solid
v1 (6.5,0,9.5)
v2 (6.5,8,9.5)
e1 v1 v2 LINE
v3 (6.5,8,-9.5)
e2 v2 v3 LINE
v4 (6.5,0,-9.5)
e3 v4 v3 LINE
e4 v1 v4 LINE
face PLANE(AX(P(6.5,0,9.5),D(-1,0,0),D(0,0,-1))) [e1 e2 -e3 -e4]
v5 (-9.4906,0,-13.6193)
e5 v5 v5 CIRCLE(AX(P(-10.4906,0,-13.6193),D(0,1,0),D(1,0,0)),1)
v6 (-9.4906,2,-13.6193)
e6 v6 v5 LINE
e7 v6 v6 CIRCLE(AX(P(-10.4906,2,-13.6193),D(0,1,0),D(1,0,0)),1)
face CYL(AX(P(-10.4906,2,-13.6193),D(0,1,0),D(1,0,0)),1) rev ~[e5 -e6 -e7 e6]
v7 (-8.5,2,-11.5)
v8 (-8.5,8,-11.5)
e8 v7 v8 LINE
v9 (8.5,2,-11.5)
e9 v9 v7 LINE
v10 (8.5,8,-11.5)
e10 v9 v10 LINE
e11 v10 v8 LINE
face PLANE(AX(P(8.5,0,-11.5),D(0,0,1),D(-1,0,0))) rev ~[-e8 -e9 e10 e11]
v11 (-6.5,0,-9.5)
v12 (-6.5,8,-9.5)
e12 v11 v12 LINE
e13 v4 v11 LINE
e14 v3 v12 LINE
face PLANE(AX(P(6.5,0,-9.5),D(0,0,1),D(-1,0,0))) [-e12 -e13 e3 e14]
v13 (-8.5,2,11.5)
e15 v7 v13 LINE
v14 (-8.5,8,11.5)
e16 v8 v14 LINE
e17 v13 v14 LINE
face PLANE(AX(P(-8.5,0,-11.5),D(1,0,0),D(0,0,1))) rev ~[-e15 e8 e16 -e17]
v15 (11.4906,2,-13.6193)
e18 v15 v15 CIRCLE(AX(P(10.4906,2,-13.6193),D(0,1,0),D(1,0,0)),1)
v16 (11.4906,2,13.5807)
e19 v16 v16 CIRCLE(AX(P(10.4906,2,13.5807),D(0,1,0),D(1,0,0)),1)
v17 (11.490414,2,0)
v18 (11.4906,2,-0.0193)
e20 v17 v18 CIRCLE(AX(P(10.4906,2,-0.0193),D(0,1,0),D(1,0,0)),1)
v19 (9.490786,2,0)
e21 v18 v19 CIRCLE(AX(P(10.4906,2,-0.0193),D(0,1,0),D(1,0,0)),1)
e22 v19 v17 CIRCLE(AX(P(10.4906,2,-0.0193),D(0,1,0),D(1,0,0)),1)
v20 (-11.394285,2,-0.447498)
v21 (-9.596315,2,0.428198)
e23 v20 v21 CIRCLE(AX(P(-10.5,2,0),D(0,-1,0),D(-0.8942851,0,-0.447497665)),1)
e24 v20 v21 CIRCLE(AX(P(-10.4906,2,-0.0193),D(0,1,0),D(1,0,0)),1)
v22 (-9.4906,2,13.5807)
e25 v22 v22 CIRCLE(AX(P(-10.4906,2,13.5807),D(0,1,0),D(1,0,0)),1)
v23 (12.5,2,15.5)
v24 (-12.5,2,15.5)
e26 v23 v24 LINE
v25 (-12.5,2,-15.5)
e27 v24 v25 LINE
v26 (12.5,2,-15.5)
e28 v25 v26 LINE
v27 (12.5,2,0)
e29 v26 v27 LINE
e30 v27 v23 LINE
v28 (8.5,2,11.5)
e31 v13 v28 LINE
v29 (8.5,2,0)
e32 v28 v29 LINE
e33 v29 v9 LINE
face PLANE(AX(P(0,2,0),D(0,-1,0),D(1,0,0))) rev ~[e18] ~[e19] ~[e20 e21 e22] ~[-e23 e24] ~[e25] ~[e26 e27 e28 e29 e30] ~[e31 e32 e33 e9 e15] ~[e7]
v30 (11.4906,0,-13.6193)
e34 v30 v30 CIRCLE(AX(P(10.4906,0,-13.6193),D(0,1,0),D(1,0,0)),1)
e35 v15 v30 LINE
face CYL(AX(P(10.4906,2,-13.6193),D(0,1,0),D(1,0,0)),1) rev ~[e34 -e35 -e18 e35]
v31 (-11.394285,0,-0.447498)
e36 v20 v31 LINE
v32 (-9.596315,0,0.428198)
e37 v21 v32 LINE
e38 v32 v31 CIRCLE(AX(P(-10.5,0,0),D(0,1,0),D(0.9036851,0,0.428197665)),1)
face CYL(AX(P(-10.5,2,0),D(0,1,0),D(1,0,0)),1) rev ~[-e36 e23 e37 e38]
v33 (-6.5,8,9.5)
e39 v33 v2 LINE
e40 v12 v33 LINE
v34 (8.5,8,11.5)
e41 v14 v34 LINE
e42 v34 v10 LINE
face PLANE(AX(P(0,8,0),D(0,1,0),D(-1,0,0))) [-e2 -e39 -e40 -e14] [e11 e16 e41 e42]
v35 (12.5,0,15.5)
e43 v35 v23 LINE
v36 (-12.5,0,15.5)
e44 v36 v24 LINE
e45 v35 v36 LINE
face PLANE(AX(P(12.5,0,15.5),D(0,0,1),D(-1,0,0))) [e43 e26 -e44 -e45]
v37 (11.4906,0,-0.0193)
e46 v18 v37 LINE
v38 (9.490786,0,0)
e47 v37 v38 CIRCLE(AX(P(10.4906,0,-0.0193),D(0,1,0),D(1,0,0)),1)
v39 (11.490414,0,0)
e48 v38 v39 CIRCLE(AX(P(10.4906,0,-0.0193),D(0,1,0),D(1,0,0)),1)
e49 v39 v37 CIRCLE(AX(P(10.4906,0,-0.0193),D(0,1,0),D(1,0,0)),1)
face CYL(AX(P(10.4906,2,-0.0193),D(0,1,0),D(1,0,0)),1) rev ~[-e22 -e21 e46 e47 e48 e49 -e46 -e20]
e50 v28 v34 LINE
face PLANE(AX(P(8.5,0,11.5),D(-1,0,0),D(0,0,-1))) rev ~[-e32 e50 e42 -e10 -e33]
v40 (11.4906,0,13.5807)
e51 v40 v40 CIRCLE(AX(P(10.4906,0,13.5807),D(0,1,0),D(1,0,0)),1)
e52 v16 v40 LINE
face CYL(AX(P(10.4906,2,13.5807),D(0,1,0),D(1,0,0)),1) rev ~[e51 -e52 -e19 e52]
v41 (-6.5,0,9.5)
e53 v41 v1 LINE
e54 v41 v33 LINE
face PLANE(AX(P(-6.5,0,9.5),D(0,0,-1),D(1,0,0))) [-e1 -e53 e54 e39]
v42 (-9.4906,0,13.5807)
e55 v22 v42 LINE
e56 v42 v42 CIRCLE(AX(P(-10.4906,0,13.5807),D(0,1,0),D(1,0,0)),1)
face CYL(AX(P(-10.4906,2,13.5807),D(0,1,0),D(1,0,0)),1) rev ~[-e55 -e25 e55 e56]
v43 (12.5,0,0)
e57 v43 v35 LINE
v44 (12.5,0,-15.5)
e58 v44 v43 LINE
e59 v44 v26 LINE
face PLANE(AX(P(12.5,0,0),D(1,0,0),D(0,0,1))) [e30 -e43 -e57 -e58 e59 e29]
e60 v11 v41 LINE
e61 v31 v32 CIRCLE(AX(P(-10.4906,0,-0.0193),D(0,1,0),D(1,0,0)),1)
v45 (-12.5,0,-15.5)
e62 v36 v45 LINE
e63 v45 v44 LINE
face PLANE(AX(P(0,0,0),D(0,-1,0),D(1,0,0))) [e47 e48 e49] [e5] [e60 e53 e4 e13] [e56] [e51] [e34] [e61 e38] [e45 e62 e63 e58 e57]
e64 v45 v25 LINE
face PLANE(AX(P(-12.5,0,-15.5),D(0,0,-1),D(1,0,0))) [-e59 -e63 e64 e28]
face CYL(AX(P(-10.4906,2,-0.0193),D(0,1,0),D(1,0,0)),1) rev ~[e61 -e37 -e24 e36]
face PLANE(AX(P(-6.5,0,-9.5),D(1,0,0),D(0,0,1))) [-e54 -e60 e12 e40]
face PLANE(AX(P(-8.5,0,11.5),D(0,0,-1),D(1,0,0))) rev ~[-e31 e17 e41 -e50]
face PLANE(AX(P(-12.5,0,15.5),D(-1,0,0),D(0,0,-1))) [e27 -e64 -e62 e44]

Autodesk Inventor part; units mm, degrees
ref_plane "YZ Plane" through (0, 0, 0) normal (1, 0, 0) x (0, 1, 0)
ref_plane "XZ Plane" through (0, 0, 0) normal (0, 1, 0) x (-1, 0, 0)
ref_plane "XY Plane" through (0, 0, 0) normal (0, 0, 1) x (1, 0, 0)
sketch "Sketch1" plane through (0, 0, 0) normal (0, 1, 0) x (-1, 0, 0)
  line L0 (-6.5, -9.5) -> (6.5, -9.5)
  line L1 (6.5, -9.5) -> (6.5, 9.5)
  line L2 (6.5, 9.5) -> (-6.5, 9.5)
  line L3 (-6.5, 9.5) -> (-6.5, -9.5)
  line L4 (-6.5, -9.5) -> (6.5, 9.5) construction
  line L5 (6.5, -9.5) -> (-6.5, 9.5) construction
  line L6 (-8.5, -11.5) -> (8.5, -11.5)
  line L7 (8.5, -11.5) -> (8.5, 11.5)
  line L8 (8.5, 11.5) -> (-8.5, 11.5)
  line L9 (-8.5, 11.5) -> (-8.5, -11.5)
  line L10 (-8.5, -11.5) -> (8.5, 11.5) construction
  line L11 (8.5, -11.5) -> (-8.5, 11.5) construction
  point P0 (0, 0)
  dimension "d0" = 13
  dimension "d1" = 19
  dimension "d2" = 17
  dimension "d3" = 23
extrude "Extrusion1" add sketch "Sketch1" along normal blind 8
sketch "Sketch2" plane through (0, 0, 0) normal (0, -1, 0) x (1, 0, 0)
  line L0 (8.5, 11.5) -> (8.5, -11.5) projected
  line L1 (-8.5, 11.5) -> (8.5, 11.5) projected
  line L2 (-8.5, -11.5) -> (-8.5, 11.5) projected
  line L3 (8.5, -11.5) -> (-8.5, -11.5) projected
  line L4 (-6.5, 9.5) -> (-6.5, -9.5) projected
  line L5 (6.5, 9.5) -> (-6.5, 9.5) projected
  line L6 (6.5, -9.5) -> (6.5, 9.5) projected
  line L7 (-6.5, -9.5) -> (6.5, -9.5) projected
  line L8 (-6.5, 9.5) -> (-6.5, -9.5) projected
  line L9 (6.5, 9.5) -> (-6.5, 9.5)
  line L10 (-6.5, 9.5) -> (-6.5, -9.5)
  line L11 (-6.5, -9.5) -> (6.5, -9.5)
  line L12 (6.5, -9.5) -> (6.5, 9.5)
  line L13 (6.5, 9.5) -> (-6.5, 9.5) projected
  line L14 (-6.5, -9.5) -> (6.5, -9.5) projected
  line L15 (6.5, -9.5) -> (6.5, 9.5) projected
  line L16 (6.5, 0) -> (12.5, 0)
  line L17 (12.5, 15.5) -> (-12.5, 15.5)
  line L18 (-12.5, 15.5) -> (-12.5, -15.5)
  line L19 (-12.5, -15.5) -> (12.5, -15.5)
  line L20 (12.5, -15.5) -> (12.5, 15.5)
  point P0 (0, 0)
  dimension "d9" = 25
extrude "Extrusion2" add sketch "Sketch2" against normal blind 2 contours L20 L19 L18 L17
sketch "Sketch3" plane through (0, 2, 0) normal (0, 1, 0) x (1, 0, 0)
  circle A0 centre (-10.4906, -13.5807) radius 1
  circle A1 centre (-10.5, 0) radius 1
  line L0 (-12.5, 15.5) -> (-12.5, -15.5) projected
  line L1 (-12.5, -15.5) -> (-12.5, 15.5)
  line L2 (-12.5, -15.5) -> (12.5, -15.5)
  circle A2 centre (-10.4906, 0.0193) radius 1
  circle A3 centre (-10.4906, 13.6193) radius 1
  line L3 (12.5, 15.5) -> (-12.5, 15.5) projected
  circle A4 centre (10.4906, -13.5807) radius 1
  circle A5 centre (10.4906, 0.0193) radius 1
  circle A6 centre (10.4906, 13.6193) radius 1
  point P0 (0, 0)
  point P1 (-11.3944, 0.4472)
  point P2 (-9.5962, -0.4279)
  dimension "d12" = 2
  dimension "d20" = 13.6
extrude "Extrusion3" cut sketch "Sketch3" against normal blind 2 contours A0 | A1 A2 | A3 | A4 | A5 | A6 picked at (-10.303, 0.2798)
properties part number "TipkaloDrzac_v.1.0"
